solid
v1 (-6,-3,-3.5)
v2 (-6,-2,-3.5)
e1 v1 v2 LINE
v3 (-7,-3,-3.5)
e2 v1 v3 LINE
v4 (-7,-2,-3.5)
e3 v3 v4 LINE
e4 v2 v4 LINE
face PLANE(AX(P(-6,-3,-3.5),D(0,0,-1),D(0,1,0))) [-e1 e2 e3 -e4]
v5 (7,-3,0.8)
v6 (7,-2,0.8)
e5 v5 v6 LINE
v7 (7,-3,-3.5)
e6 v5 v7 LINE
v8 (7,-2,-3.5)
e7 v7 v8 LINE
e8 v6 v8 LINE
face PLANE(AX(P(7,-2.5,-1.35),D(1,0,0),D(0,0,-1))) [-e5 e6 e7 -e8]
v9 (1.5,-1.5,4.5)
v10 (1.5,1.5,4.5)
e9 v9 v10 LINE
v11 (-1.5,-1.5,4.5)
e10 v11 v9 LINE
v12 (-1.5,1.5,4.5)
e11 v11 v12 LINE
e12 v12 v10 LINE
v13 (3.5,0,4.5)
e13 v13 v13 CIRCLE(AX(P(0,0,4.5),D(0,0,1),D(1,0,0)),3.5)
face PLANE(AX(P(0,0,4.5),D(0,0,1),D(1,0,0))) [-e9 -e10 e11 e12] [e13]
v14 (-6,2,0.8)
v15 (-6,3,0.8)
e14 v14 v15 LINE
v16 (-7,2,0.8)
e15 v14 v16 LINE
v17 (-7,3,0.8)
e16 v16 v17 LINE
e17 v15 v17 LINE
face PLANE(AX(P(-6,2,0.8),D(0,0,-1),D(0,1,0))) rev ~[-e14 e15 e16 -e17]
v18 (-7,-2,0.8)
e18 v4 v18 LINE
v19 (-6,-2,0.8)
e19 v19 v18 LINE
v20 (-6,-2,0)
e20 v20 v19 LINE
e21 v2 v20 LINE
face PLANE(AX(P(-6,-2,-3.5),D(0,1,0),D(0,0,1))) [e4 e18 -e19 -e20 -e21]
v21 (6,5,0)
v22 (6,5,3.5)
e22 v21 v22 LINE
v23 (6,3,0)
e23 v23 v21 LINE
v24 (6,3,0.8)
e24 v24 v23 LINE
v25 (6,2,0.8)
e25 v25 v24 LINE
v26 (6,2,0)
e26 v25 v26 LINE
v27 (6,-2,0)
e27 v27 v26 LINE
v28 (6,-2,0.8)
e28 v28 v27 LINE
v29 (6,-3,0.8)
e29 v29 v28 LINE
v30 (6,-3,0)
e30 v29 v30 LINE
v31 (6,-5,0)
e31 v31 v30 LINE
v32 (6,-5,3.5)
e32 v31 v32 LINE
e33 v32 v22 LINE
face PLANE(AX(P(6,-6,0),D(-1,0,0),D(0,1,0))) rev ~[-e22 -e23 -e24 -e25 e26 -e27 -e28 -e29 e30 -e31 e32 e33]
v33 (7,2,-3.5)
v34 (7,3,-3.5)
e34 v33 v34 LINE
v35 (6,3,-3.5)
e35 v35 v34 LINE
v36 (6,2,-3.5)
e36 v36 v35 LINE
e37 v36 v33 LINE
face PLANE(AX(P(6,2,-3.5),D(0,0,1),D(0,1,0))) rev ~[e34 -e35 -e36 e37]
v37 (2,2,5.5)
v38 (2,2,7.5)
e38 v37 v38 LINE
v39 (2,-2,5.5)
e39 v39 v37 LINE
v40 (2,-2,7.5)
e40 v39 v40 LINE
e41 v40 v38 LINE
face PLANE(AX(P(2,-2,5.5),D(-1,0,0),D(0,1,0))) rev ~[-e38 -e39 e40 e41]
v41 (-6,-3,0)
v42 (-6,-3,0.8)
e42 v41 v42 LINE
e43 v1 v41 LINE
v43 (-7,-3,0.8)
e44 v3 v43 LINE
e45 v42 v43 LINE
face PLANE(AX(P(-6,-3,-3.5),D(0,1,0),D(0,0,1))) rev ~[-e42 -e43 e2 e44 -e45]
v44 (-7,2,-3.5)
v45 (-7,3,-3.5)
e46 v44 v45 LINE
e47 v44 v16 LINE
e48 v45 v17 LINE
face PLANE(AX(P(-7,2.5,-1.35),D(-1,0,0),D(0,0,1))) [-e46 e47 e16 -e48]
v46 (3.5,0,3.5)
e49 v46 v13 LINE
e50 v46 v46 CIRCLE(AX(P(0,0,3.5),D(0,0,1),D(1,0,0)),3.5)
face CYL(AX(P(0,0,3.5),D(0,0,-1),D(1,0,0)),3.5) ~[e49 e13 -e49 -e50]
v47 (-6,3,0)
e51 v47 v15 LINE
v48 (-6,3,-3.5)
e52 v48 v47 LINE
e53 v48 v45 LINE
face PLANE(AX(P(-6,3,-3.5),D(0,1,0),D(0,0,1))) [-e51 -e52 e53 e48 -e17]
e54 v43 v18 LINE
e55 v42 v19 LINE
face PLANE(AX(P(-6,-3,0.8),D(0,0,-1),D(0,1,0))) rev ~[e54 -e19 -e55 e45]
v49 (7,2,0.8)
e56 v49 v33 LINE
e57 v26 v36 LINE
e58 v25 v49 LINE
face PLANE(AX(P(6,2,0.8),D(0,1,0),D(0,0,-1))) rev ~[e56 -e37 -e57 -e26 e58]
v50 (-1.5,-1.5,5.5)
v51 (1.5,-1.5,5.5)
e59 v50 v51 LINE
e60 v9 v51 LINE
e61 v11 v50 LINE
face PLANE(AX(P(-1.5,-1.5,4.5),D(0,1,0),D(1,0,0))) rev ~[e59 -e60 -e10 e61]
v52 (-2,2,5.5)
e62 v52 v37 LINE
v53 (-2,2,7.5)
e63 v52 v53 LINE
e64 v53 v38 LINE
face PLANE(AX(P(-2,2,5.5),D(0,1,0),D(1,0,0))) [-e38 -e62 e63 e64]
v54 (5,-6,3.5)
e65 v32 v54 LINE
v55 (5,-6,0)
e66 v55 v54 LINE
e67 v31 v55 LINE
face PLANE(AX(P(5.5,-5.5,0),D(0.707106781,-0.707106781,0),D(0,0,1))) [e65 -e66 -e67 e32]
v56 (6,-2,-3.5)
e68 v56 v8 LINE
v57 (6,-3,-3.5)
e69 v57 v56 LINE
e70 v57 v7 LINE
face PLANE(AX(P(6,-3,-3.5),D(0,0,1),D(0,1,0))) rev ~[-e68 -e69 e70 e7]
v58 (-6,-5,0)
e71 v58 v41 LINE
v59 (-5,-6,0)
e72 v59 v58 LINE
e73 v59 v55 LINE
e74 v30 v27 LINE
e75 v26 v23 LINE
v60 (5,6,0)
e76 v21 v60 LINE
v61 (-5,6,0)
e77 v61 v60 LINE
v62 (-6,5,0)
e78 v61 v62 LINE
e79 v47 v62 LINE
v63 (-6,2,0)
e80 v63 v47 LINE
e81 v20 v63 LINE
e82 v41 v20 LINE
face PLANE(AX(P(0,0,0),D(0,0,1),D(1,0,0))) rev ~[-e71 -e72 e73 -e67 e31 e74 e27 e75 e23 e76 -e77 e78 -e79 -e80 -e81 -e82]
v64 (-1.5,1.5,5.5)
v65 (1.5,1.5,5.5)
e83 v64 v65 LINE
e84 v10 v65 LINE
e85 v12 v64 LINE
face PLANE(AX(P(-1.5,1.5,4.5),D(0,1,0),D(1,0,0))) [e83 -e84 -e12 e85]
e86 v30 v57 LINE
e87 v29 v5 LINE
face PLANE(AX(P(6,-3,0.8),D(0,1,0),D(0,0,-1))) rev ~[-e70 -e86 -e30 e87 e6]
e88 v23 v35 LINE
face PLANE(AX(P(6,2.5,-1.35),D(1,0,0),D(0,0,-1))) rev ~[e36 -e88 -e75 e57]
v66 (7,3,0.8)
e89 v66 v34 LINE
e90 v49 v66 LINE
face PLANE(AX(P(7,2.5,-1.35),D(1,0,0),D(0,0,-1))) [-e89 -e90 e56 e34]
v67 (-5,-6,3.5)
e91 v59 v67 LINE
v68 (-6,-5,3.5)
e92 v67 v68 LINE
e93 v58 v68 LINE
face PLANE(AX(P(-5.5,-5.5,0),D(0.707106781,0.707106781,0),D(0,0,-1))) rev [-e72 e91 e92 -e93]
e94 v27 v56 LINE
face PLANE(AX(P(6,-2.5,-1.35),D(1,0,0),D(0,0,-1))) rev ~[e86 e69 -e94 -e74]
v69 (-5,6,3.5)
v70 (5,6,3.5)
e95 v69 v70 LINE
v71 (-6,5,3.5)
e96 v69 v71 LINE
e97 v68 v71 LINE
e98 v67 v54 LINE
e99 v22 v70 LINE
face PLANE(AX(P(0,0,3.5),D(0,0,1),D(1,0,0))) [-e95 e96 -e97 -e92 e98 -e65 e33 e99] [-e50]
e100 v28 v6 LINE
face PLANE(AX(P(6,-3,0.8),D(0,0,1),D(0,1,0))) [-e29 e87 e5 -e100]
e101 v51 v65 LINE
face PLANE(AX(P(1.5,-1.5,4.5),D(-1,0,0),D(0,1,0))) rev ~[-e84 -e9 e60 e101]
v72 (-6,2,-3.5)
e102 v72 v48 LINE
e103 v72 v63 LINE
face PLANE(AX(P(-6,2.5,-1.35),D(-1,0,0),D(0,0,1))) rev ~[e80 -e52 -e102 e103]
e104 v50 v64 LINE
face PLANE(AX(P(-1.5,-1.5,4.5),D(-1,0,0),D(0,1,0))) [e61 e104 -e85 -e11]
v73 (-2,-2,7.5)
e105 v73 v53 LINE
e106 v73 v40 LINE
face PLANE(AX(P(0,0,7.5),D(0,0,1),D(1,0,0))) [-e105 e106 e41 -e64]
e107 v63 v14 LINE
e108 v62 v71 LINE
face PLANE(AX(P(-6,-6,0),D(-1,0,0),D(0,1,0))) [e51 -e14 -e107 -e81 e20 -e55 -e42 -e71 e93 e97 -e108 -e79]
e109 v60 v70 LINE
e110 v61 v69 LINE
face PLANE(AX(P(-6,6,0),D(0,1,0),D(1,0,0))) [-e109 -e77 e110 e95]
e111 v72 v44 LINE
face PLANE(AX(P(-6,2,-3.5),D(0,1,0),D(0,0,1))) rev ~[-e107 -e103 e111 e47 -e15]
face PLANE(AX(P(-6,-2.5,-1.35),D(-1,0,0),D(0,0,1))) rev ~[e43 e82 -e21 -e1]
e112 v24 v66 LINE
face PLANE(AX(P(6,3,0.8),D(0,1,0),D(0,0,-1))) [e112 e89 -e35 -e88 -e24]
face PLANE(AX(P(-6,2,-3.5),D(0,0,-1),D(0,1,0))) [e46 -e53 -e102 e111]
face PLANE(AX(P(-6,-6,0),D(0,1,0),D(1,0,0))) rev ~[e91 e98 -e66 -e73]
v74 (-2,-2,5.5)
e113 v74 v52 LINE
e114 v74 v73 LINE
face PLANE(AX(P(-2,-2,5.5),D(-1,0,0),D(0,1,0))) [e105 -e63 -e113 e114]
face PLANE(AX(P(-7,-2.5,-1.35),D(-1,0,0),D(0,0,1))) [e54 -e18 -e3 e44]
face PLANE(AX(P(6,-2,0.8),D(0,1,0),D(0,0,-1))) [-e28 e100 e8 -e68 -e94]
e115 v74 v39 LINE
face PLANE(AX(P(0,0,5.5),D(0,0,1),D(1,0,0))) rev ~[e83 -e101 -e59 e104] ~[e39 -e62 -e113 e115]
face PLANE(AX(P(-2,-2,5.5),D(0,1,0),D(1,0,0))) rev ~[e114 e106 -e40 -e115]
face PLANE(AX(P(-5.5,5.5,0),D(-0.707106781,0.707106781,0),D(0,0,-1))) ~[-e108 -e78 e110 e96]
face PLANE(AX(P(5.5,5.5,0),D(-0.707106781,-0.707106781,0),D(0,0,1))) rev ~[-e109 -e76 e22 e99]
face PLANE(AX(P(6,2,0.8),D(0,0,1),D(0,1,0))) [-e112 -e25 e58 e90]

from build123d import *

# Parameters (mm, degrees)
SKETCH_1_W      = 12
SKETCH_1_H      = 12
EXTRUDE_1_DEPTH = 3.5
SKETCH_2_R      = 3.5
EXTRUDE_2_DEPTH = 1
SKETCH_3_W      = 3
SKETCH_3_H      = 3
EXTRUDE_3_DEPTH = 1
SKETCH_4_W      = 4
SKETCH_4_H      = 4
EXTRUDE_4_DEPTH = 2
SKETCH_5_W      = 4.3
SKETCH_5_H      = 1
EXTRUDE_5_DEPTH = 1
SKETCH_7_W      = 4.3
SKETCH_7_H      = 1
EXTRUDE_6_DEPTH = 1
CHAMFER_1_SIZE  = 1


with BuildPart() as part:
    # 스케치1 → 보스-돌출1 (new body)
    with BuildSketch(Plane.XY):
        Rectangle(SKETCH_1_W, SKETCH_1_H)
    extrude(amount=EXTRUDE_1_DEPTH)

    # 스케치2 → 보스-돌출2 (add)
    with BuildSketch(Plane.XY.offset(3.5)):
        Circle(SKETCH_2_R)
    extrude(amount=EXTRUDE_2_DEPTH)

    # 스케치3 → 보스-돌출3 (add)
    with BuildSketch(Plane.XY.offset(4.5)):
        Rectangle(SKETCH_3_W, SKETCH_3_H)
    extrude(amount=EXTRUDE_3_DEPTH)

    # 스케치4 → 보스-돌출4 (add)
    with BuildSketch(Plane.XY.offset(5.5)):
        Rectangle(SKETCH_4_W, SKETCH_4_H)
    extrude(amount=EXTRUDE_4_DEPTH)

    # 스케치5 → 보스-돌출5 (add)
    with BuildSketch(Plane.ZY.offset(6)):
        with Locations((-1.35, 2.5)):
            Rectangle(SKETCH_5_W, SKETCH_5_H)
        with Locations((-1.35, -2.5)):
            Rectangle(SKETCH_5_W, SKETCH_5_H)
    extrude(amount=EXTRUDE_5_DEPTH)

    # 스케치7 → 보스-돌출6 (add)
    with BuildSketch(Plane(origin=(6, 0, 0), x_dir=(0, 0, -1), z_dir=(1, 0, 0))):
        with Locations((1.35, 2.5)):
            Rectangle(SKETCH_7_W, SKETCH_7_H)
        with Locations((1.35, -2.5)):
            Rectangle(SKETCH_7_W, SKETCH_7_H)
    extrude(amount=EXTRUDE_6_DEPTH)

    # 모따기1
    chamfer_1_edges = [part.edges().sort_by_distance(p)[0] for p in [
        (6, -6, 1.75),
        (-6, -6, 1.75),
        (-6, 6, 1.75),
        (6, 6, 1.75),
    ]]
    chamfer(chamfer_1_edges, length=CHAMFER_1_SIZE)


solid = part.part
